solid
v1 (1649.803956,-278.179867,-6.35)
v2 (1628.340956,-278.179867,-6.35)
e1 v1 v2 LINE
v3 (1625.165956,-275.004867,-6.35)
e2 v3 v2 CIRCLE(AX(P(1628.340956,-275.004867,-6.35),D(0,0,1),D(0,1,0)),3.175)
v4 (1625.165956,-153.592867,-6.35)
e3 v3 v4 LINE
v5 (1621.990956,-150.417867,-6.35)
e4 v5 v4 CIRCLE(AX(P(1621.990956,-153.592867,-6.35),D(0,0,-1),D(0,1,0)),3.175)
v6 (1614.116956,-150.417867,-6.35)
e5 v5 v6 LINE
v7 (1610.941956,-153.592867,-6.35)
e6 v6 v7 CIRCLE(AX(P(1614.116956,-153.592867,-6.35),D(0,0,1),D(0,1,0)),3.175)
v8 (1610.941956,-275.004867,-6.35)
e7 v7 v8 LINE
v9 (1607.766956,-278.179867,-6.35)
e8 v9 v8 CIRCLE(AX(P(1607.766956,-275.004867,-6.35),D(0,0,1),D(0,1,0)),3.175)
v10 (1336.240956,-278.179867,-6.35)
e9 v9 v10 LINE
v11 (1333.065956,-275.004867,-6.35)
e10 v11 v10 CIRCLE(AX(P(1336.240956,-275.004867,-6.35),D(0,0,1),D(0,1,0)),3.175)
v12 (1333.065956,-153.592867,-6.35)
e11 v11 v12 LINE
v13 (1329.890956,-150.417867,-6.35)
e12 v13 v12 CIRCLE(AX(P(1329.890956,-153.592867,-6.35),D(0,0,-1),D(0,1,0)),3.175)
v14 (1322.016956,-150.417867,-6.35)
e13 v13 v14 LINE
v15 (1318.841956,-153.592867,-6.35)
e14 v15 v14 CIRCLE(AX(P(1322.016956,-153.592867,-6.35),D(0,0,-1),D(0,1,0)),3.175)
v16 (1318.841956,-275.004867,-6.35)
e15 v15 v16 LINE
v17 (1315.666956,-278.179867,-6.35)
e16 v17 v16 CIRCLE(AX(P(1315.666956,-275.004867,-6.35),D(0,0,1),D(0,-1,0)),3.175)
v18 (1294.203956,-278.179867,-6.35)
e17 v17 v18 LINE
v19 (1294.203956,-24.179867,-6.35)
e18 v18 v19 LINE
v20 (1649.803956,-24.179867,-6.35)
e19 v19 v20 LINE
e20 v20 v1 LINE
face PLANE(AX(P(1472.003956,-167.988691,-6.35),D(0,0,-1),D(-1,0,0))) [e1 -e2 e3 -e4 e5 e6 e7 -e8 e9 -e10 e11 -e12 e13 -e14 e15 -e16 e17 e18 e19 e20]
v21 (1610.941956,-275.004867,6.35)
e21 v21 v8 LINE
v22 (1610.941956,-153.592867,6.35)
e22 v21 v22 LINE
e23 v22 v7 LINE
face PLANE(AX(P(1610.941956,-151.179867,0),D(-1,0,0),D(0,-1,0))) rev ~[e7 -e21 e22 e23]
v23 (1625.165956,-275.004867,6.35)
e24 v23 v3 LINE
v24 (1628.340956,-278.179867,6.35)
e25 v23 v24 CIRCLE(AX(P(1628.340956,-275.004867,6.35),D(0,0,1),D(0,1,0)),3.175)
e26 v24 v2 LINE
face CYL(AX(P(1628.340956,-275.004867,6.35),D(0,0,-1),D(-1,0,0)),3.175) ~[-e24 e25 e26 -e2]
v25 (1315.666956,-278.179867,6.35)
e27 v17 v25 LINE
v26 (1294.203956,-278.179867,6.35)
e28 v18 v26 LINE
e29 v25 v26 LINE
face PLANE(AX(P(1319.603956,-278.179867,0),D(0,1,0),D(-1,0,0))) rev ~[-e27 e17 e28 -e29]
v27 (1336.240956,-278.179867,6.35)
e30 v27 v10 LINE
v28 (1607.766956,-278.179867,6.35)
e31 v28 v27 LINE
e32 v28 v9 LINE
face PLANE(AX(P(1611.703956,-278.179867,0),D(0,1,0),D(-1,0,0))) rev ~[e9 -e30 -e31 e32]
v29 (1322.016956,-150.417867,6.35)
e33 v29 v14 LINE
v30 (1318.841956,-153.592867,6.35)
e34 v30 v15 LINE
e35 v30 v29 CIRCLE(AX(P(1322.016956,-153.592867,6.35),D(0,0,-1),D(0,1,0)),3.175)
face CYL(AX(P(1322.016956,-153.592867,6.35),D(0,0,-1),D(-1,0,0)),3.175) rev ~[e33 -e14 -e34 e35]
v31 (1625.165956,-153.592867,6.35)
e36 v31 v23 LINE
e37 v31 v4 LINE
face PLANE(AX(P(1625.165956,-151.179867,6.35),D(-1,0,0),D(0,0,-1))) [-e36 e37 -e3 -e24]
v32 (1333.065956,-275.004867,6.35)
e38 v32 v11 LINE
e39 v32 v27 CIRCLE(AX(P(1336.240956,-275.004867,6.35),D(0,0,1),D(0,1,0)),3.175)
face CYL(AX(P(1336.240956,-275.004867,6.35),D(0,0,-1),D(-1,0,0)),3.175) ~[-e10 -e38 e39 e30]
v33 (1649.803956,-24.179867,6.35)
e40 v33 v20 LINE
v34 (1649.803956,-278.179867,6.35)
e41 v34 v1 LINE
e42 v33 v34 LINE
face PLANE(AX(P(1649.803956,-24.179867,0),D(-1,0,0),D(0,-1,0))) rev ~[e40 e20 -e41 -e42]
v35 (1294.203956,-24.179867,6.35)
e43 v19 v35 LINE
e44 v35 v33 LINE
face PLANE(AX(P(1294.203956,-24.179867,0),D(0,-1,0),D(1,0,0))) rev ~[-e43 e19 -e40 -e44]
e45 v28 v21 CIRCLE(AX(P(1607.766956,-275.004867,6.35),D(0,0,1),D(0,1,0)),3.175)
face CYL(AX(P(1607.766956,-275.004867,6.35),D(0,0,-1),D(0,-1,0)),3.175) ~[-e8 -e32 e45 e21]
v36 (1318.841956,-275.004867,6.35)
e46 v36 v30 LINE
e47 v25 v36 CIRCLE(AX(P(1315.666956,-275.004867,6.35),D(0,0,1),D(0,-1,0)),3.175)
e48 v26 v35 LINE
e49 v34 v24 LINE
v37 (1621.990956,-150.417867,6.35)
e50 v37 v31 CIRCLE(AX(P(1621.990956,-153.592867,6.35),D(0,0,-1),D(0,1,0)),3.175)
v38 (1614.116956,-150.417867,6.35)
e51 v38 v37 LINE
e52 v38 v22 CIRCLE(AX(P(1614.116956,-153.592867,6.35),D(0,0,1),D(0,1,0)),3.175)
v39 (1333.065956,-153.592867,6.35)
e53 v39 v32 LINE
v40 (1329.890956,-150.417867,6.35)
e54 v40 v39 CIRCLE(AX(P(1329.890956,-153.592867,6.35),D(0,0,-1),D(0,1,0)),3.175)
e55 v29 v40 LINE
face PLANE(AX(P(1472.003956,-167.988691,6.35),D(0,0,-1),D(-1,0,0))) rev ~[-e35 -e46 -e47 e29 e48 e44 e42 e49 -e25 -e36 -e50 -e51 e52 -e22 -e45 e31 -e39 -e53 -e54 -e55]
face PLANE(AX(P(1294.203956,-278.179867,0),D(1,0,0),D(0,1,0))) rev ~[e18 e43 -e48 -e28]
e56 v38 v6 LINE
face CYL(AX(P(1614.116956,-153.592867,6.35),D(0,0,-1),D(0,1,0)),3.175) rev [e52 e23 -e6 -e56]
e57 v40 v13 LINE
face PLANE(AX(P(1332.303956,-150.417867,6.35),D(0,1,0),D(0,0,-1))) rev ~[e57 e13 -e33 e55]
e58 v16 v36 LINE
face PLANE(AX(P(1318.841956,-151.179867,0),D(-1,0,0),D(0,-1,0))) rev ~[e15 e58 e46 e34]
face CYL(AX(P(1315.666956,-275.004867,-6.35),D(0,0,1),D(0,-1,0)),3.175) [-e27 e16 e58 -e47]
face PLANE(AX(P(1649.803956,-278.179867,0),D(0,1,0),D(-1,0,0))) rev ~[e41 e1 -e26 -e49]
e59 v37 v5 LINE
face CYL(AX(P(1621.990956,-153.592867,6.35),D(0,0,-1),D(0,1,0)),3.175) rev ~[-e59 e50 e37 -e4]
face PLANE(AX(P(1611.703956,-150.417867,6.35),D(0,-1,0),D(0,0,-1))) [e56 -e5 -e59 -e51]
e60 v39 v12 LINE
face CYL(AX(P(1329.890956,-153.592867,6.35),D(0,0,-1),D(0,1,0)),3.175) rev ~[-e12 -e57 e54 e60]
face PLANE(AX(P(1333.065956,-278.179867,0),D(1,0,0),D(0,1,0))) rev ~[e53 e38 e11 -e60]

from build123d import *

# Parameters (mm, degrees)
BOSS_EXTRUDE1_DEPTH = 6.35
MOVE_FACE_SLOT_BY   = 0.762
MOVE_FACE_SLOT_2_BY = 0.762
MOVE_FACE_SLOT_3_BY = 0.762
MOVE_FACE_SLOT_4_BY = 0.762
MOVE_FACE_SLOT_5_BY = 0.762
MOVE_FACE_SLOT_6_BY = 0.762
FILLET1_R           = 3.175


with BuildPart() as part:
    # Sketch1 → Boss-Extrude1 (new, symmetric)
    with BuildSketch(Plane.XY):
        Polygon((1294.203955658, -24.179867224), (1649.803955658, -24.179867224), (1649.803955658, -278.179867224), (1624.403955658, -278.179867224), (1624.403955658, -151.179867224), (1611.703955658, -151.179867224), (1611.703955658, -278.179867224), (1332.303955658, -278.179867224), (1332.303955658, -151.179867224), (1319.603955658, -151.179867224), (1319.603955658, -278.179867224), (1294.203955658, -278.179867224), align=None)
    extrude(amount=BOSS_EXTRUDE1_DEPTH, both=True)

    # Move Face slot: a face moved inward by 0.762
    extrude(part.faces().sort_by_distance((1624.403955658, -214.679867224, 0))[0], amount=MOVE_FACE_SLOT_BY, dir=(1, 0, 0), mode=Mode.SUBTRACT)

    # Move Face slot 2: a face moved inward by 0.762
    extrude(part.faces().sort_by_distance((1618.053955658, -151.179867224, 0))[0], amount=MOVE_FACE_SLOT_2_BY, dir=(0, 1, 0), mode=Mode.SUBTRACT)

    # Move Face slot 3: a face moved inward by 0.762
    extrude(part.faces().sort_by_distance((1611.703955658, -214.679867224, 0))[0], amount=MOVE_FACE_SLOT_3_BY, dir=(-1, 0, 0), mode=Mode.SUBTRACT)

    # Move Face slot 4: a face moved inward by 0.762
    extrude(part.faces().sort_by_distance((1319.603955658, -214.679867224, 0))[0], amount=MOVE_FACE_SLOT_4_BY, dir=(-1, 0, 0), mode=Mode.SUBTRACT)

    # Move Face slot 5: a face moved inward by 0.762
    extrude(part.faces().sort_by_distance((1325.953955658, -151.179867224, 0))[0], amount=MOVE_FACE_SLOT_5_BY, dir=(0, 1, 0), mode=Mode.SUBTRACT)

    # Move Face slot 6: a face moved inward by 0.762
    extrude(part.faces().sort_by_distance((1332.303955658, -214.679867224, 0))[0], amount=MOVE_FACE_SLOT_6_BY, dir=(1, 0, 0), mode=Mode.SUBTRACT)

    # Fillet1
    fillet1_edges = [part.edges().sort_by_distance(p)[0] for p in [
        (1625.165955658, -278.179867224, 0),
        (1625.165955658, -150.417867224, 0),
        (1610.941955658, -150.417867224, 0),
        (1610.941955658, -278.179867224, 0),
        (1333.065955658, -278.179867224, 0),
        (1333.065955658, -150.417867224, 0),
        (1318.841955658, -150.417867224, 0),
        (1318.841955658, -278.179867224, 0),
    ]]
    fillet(fillet1_edges, radius=FILLET1_R)


solid = part.part
